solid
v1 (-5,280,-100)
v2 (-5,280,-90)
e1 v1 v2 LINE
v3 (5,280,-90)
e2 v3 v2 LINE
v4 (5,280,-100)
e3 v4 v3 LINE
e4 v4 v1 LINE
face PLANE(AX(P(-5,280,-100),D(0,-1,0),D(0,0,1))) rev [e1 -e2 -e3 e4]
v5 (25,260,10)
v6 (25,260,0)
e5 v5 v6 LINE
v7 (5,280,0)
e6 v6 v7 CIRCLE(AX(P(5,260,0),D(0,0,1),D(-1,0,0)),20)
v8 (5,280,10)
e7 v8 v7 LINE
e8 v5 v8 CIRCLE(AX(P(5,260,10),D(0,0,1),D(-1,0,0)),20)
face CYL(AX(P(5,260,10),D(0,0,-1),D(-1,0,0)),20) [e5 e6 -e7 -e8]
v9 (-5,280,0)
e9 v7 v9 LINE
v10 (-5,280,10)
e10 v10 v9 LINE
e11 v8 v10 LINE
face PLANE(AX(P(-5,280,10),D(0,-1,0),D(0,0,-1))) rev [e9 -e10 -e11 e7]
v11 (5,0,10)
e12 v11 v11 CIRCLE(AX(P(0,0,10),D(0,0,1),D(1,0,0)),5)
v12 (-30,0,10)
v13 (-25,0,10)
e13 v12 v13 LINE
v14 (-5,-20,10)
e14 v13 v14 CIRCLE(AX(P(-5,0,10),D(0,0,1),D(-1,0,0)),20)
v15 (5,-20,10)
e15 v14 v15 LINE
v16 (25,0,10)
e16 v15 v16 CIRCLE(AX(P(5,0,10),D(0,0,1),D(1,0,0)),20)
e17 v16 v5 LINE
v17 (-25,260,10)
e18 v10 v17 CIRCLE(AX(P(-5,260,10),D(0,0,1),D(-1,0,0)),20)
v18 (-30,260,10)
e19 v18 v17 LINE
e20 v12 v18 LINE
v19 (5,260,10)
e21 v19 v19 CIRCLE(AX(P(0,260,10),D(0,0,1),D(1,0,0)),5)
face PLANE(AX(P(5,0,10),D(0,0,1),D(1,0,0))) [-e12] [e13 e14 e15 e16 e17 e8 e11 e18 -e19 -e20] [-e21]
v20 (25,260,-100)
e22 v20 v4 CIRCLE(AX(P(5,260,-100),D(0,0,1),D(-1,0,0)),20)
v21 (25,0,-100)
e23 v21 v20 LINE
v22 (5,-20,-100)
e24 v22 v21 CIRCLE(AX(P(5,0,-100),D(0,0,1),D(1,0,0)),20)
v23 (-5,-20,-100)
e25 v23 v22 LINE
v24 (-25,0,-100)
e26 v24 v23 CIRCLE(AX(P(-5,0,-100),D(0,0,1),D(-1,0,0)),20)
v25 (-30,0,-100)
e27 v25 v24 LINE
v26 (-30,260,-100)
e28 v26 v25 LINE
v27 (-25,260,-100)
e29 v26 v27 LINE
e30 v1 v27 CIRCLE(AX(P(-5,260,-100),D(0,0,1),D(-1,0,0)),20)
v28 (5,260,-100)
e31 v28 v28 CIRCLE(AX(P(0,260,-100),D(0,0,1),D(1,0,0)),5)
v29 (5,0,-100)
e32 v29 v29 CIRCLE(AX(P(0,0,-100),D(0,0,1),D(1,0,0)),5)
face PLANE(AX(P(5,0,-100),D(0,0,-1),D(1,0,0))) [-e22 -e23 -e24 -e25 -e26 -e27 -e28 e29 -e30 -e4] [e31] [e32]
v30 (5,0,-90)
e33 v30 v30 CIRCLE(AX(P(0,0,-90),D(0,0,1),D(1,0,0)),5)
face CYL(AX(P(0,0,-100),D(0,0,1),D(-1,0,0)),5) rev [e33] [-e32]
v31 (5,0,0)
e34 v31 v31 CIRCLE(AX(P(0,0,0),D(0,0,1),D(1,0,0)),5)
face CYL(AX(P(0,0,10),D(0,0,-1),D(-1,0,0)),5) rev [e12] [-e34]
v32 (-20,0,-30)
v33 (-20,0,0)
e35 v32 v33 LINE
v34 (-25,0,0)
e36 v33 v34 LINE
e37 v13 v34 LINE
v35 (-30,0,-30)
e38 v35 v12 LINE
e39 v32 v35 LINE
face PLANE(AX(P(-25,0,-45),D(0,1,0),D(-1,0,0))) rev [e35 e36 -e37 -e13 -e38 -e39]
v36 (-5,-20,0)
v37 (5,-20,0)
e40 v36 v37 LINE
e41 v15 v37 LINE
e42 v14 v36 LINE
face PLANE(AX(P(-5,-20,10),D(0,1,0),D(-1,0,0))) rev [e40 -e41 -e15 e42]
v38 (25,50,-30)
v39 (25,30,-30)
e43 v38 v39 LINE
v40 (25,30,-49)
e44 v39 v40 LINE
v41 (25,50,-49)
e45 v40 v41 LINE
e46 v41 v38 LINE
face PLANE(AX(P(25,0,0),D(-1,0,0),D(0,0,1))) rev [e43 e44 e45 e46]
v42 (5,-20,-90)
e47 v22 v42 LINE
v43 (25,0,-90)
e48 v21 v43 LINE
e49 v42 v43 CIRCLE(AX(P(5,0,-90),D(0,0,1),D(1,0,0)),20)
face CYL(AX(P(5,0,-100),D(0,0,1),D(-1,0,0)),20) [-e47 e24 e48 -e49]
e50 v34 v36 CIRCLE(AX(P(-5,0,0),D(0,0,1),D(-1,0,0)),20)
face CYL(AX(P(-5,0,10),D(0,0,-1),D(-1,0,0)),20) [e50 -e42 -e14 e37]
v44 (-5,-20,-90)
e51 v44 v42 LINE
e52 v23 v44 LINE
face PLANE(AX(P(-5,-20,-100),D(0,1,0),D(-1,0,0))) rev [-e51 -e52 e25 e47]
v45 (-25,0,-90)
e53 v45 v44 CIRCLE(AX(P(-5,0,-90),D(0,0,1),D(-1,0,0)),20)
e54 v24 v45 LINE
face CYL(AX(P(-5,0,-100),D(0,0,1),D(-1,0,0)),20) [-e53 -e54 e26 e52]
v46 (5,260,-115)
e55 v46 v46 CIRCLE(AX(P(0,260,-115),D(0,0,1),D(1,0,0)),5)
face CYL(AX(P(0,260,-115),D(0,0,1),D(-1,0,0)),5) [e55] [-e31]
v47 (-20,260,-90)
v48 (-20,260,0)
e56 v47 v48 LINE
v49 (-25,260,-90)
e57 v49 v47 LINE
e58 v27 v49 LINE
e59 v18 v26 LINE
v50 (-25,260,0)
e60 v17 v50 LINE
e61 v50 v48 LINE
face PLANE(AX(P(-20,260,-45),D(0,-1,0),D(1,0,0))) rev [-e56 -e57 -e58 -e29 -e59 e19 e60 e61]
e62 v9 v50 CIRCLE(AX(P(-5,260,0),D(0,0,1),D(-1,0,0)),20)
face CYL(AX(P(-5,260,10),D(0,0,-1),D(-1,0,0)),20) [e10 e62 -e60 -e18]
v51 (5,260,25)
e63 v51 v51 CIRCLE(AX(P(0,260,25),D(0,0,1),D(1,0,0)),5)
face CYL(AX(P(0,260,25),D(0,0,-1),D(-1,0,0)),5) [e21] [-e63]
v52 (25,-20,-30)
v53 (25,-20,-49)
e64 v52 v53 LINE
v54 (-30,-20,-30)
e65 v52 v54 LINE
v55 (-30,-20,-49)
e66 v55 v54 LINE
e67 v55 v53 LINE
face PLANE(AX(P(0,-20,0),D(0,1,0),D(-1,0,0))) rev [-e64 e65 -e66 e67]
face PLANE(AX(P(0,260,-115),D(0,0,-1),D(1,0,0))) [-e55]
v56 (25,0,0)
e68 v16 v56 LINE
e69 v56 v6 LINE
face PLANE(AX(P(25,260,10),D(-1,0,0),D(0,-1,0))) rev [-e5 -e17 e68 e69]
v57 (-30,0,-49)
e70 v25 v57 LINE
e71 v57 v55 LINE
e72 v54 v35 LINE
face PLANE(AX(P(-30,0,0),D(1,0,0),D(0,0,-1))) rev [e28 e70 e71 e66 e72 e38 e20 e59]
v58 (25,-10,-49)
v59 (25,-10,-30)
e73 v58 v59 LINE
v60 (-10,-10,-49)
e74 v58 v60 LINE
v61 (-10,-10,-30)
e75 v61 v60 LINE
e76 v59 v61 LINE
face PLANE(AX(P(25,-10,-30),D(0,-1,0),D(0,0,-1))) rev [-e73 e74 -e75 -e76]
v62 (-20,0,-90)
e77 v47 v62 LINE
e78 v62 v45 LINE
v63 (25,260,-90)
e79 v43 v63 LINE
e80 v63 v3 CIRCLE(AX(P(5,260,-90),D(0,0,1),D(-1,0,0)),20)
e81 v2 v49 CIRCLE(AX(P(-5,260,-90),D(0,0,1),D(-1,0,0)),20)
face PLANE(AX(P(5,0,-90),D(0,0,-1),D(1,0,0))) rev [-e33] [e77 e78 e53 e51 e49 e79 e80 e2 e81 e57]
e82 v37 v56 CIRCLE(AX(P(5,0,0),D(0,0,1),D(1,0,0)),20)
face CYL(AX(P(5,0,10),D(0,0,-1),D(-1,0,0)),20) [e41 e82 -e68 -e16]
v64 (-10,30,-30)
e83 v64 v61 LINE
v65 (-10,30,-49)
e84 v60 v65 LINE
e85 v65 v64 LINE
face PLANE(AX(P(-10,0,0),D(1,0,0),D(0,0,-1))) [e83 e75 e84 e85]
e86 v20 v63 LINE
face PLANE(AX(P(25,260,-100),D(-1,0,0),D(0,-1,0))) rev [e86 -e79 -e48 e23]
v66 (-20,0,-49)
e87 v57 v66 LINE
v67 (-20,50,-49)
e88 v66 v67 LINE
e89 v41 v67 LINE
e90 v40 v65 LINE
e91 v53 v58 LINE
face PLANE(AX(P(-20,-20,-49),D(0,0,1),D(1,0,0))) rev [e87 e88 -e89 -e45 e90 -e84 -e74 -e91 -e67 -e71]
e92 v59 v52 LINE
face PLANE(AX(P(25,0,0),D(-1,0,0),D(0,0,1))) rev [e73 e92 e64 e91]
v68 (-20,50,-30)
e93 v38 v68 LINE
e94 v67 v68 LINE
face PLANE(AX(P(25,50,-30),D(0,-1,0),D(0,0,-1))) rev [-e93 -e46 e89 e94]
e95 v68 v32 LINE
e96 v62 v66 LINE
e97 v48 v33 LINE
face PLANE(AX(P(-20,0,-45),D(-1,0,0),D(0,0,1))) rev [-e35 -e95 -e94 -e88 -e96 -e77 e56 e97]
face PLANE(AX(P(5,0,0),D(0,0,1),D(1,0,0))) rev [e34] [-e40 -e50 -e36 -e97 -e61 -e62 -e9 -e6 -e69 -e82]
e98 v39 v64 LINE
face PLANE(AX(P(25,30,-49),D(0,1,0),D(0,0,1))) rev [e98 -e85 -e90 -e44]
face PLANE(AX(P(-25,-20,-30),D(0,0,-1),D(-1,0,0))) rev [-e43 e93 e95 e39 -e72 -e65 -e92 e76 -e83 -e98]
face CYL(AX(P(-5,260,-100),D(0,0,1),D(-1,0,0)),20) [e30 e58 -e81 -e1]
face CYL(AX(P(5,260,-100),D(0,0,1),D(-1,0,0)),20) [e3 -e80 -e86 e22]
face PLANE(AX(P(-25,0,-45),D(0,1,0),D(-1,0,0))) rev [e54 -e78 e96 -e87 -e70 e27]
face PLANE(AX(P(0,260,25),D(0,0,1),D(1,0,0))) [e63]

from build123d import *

# Parameters (mm, degrees)
SKETCH1_R           = 5
BOSS_EXTRUDE1_DEPTH = 10
SKETCH2_R           = 5
BOSS_EXTRUDE2_DEPTH = 15
SKETCH3_W           = 5
SKETCH3_H           = 260
BOSS_EXTRUDE3_DEPTH = 45
SKETCH8_W           = 5
SKETCH8_H           = 19
BOSS_EXTRUDE4_DEPTH = 20
SKETCH9_W           = 19
SKETCH9_H           = 10
SKETCH9_H_2         = 20
BOSS_EXTRUDE5_DEPTH = 45
SKETCH10_W          = 19
SKETCH10_H          = 40
BOSS_EXTRUDE6_DEPTH = 10
BOSS_EXTRUDE7_DEPTH = 5


with BuildPart() as part:
    # Sketch1 → Boss-Extrude1 (new body)
    with BuildSketch(Plane.XY):
        with BuildLine():
            Line((-5, -20), (5, -20))
            ThreePointArc((5, -20), (19.142135624, -14.142135624), (25, 0))
            Line((25, 0), (25, 260))
            ThreePointArc((25, 260), (19.142135624, 274.142135624), (5, 280))
            Line((5, 280), (-5, 280))
            ThreePointArc((-5, 280), (-19.142135624, 274.142135624), (-25, 260))
            Line((-25, 260), (-25, 0))
            ThreePointArc((-25, 0), (-19.142135624, -14.142135624), (-5, -20))
        make_face()
        Circle(SKETCH1_R, mode=Mode.SUBTRACT)
    boss_extrude1 = extrude(amount=BOSS_EXTRUDE1_DEPTH)

    # Sketch2 → Boss-Extrude2 (add)
    with BuildSketch(Plane.XY.offset(10)):
        with Locations((0, 260)):
            Circle(SKETCH2_R)
    boss_extrude2 = extrude(amount=BOSS_EXTRUDE2_DEPTH)

    # Sketch3 → Boss-Extrude3 (add)
    with BuildSketch(Plane(origin=(0, 0, 0), x_dir=(-1, 0, 0), z_dir=(0, 0, -1))):
        with Locations((22.5, 130)):
            Rectangle(SKETCH3_W, SKETCH3_H)
    boss_extrude3 = extrude(amount=BOSS_EXTRUDE3_DEPTH)

    # Mirror1: Boss-Extrude1, Boss-Extrude2, Boss-Extrude3 across plane
    add(boss_extrude1.mirror(Plane.XY.offset(-45)))
    add(boss_extrude2.mirror(Plane.XY.offset(-45)))
    add(boss_extrude3.mirror(Plane.XY.offset(-45)))

    # Sketch8 → Boss-Extrude4 (add)
    with BuildSketch(Plane.XZ):
        with Locations((-22.5, -39.5)):
            Rectangle(SKETCH8_W, SKETCH8_H)
    extrude(amount=BOSS_EXTRUDE4_DEPTH)

    # Sketch9 → Boss-Extrude5 (add)
    with BuildSketch(Plane(origin=(-20, 0, 0), x_dir=(0, 0, -1), z_dir=(1, 0, 0))):
        with Locations((39.5, -15)):
            Rectangle(SKETCH9_W, SKETCH9_H)
        with Locations((39.5, 40)):
            Rectangle(SKETCH9_W, SKETCH9_H_2)
    extrude(amount=BOSS_EXTRUDE5_DEPTH)

    # Sketch10 → Boss-Extrude6 (add)
    with BuildSketch(Plane(origin=(-20, 0, 0), x_dir=(0, 0, -1), z_dir=(1, 0, 0))):
        with Locations((39.5, 10)):
            Rectangle(SKETCH10_W, SKETCH10_H)
    extrude(amount=BOSS_EXTRUDE6_DEPTH)

    # Sketch11 → Boss-Extrude7 (add)
    with BuildSketch(Plane.ZY.offset(25)):
        Polygon((10, 0), (-30, 0), (-30, -20), (-49, -20), (-49, 0), (-100, 0), (-100, 260), (10, 260), align=None)
    extrude(amount=BOSS_EXTRUDE7_DEPTH)


solid = part.part
